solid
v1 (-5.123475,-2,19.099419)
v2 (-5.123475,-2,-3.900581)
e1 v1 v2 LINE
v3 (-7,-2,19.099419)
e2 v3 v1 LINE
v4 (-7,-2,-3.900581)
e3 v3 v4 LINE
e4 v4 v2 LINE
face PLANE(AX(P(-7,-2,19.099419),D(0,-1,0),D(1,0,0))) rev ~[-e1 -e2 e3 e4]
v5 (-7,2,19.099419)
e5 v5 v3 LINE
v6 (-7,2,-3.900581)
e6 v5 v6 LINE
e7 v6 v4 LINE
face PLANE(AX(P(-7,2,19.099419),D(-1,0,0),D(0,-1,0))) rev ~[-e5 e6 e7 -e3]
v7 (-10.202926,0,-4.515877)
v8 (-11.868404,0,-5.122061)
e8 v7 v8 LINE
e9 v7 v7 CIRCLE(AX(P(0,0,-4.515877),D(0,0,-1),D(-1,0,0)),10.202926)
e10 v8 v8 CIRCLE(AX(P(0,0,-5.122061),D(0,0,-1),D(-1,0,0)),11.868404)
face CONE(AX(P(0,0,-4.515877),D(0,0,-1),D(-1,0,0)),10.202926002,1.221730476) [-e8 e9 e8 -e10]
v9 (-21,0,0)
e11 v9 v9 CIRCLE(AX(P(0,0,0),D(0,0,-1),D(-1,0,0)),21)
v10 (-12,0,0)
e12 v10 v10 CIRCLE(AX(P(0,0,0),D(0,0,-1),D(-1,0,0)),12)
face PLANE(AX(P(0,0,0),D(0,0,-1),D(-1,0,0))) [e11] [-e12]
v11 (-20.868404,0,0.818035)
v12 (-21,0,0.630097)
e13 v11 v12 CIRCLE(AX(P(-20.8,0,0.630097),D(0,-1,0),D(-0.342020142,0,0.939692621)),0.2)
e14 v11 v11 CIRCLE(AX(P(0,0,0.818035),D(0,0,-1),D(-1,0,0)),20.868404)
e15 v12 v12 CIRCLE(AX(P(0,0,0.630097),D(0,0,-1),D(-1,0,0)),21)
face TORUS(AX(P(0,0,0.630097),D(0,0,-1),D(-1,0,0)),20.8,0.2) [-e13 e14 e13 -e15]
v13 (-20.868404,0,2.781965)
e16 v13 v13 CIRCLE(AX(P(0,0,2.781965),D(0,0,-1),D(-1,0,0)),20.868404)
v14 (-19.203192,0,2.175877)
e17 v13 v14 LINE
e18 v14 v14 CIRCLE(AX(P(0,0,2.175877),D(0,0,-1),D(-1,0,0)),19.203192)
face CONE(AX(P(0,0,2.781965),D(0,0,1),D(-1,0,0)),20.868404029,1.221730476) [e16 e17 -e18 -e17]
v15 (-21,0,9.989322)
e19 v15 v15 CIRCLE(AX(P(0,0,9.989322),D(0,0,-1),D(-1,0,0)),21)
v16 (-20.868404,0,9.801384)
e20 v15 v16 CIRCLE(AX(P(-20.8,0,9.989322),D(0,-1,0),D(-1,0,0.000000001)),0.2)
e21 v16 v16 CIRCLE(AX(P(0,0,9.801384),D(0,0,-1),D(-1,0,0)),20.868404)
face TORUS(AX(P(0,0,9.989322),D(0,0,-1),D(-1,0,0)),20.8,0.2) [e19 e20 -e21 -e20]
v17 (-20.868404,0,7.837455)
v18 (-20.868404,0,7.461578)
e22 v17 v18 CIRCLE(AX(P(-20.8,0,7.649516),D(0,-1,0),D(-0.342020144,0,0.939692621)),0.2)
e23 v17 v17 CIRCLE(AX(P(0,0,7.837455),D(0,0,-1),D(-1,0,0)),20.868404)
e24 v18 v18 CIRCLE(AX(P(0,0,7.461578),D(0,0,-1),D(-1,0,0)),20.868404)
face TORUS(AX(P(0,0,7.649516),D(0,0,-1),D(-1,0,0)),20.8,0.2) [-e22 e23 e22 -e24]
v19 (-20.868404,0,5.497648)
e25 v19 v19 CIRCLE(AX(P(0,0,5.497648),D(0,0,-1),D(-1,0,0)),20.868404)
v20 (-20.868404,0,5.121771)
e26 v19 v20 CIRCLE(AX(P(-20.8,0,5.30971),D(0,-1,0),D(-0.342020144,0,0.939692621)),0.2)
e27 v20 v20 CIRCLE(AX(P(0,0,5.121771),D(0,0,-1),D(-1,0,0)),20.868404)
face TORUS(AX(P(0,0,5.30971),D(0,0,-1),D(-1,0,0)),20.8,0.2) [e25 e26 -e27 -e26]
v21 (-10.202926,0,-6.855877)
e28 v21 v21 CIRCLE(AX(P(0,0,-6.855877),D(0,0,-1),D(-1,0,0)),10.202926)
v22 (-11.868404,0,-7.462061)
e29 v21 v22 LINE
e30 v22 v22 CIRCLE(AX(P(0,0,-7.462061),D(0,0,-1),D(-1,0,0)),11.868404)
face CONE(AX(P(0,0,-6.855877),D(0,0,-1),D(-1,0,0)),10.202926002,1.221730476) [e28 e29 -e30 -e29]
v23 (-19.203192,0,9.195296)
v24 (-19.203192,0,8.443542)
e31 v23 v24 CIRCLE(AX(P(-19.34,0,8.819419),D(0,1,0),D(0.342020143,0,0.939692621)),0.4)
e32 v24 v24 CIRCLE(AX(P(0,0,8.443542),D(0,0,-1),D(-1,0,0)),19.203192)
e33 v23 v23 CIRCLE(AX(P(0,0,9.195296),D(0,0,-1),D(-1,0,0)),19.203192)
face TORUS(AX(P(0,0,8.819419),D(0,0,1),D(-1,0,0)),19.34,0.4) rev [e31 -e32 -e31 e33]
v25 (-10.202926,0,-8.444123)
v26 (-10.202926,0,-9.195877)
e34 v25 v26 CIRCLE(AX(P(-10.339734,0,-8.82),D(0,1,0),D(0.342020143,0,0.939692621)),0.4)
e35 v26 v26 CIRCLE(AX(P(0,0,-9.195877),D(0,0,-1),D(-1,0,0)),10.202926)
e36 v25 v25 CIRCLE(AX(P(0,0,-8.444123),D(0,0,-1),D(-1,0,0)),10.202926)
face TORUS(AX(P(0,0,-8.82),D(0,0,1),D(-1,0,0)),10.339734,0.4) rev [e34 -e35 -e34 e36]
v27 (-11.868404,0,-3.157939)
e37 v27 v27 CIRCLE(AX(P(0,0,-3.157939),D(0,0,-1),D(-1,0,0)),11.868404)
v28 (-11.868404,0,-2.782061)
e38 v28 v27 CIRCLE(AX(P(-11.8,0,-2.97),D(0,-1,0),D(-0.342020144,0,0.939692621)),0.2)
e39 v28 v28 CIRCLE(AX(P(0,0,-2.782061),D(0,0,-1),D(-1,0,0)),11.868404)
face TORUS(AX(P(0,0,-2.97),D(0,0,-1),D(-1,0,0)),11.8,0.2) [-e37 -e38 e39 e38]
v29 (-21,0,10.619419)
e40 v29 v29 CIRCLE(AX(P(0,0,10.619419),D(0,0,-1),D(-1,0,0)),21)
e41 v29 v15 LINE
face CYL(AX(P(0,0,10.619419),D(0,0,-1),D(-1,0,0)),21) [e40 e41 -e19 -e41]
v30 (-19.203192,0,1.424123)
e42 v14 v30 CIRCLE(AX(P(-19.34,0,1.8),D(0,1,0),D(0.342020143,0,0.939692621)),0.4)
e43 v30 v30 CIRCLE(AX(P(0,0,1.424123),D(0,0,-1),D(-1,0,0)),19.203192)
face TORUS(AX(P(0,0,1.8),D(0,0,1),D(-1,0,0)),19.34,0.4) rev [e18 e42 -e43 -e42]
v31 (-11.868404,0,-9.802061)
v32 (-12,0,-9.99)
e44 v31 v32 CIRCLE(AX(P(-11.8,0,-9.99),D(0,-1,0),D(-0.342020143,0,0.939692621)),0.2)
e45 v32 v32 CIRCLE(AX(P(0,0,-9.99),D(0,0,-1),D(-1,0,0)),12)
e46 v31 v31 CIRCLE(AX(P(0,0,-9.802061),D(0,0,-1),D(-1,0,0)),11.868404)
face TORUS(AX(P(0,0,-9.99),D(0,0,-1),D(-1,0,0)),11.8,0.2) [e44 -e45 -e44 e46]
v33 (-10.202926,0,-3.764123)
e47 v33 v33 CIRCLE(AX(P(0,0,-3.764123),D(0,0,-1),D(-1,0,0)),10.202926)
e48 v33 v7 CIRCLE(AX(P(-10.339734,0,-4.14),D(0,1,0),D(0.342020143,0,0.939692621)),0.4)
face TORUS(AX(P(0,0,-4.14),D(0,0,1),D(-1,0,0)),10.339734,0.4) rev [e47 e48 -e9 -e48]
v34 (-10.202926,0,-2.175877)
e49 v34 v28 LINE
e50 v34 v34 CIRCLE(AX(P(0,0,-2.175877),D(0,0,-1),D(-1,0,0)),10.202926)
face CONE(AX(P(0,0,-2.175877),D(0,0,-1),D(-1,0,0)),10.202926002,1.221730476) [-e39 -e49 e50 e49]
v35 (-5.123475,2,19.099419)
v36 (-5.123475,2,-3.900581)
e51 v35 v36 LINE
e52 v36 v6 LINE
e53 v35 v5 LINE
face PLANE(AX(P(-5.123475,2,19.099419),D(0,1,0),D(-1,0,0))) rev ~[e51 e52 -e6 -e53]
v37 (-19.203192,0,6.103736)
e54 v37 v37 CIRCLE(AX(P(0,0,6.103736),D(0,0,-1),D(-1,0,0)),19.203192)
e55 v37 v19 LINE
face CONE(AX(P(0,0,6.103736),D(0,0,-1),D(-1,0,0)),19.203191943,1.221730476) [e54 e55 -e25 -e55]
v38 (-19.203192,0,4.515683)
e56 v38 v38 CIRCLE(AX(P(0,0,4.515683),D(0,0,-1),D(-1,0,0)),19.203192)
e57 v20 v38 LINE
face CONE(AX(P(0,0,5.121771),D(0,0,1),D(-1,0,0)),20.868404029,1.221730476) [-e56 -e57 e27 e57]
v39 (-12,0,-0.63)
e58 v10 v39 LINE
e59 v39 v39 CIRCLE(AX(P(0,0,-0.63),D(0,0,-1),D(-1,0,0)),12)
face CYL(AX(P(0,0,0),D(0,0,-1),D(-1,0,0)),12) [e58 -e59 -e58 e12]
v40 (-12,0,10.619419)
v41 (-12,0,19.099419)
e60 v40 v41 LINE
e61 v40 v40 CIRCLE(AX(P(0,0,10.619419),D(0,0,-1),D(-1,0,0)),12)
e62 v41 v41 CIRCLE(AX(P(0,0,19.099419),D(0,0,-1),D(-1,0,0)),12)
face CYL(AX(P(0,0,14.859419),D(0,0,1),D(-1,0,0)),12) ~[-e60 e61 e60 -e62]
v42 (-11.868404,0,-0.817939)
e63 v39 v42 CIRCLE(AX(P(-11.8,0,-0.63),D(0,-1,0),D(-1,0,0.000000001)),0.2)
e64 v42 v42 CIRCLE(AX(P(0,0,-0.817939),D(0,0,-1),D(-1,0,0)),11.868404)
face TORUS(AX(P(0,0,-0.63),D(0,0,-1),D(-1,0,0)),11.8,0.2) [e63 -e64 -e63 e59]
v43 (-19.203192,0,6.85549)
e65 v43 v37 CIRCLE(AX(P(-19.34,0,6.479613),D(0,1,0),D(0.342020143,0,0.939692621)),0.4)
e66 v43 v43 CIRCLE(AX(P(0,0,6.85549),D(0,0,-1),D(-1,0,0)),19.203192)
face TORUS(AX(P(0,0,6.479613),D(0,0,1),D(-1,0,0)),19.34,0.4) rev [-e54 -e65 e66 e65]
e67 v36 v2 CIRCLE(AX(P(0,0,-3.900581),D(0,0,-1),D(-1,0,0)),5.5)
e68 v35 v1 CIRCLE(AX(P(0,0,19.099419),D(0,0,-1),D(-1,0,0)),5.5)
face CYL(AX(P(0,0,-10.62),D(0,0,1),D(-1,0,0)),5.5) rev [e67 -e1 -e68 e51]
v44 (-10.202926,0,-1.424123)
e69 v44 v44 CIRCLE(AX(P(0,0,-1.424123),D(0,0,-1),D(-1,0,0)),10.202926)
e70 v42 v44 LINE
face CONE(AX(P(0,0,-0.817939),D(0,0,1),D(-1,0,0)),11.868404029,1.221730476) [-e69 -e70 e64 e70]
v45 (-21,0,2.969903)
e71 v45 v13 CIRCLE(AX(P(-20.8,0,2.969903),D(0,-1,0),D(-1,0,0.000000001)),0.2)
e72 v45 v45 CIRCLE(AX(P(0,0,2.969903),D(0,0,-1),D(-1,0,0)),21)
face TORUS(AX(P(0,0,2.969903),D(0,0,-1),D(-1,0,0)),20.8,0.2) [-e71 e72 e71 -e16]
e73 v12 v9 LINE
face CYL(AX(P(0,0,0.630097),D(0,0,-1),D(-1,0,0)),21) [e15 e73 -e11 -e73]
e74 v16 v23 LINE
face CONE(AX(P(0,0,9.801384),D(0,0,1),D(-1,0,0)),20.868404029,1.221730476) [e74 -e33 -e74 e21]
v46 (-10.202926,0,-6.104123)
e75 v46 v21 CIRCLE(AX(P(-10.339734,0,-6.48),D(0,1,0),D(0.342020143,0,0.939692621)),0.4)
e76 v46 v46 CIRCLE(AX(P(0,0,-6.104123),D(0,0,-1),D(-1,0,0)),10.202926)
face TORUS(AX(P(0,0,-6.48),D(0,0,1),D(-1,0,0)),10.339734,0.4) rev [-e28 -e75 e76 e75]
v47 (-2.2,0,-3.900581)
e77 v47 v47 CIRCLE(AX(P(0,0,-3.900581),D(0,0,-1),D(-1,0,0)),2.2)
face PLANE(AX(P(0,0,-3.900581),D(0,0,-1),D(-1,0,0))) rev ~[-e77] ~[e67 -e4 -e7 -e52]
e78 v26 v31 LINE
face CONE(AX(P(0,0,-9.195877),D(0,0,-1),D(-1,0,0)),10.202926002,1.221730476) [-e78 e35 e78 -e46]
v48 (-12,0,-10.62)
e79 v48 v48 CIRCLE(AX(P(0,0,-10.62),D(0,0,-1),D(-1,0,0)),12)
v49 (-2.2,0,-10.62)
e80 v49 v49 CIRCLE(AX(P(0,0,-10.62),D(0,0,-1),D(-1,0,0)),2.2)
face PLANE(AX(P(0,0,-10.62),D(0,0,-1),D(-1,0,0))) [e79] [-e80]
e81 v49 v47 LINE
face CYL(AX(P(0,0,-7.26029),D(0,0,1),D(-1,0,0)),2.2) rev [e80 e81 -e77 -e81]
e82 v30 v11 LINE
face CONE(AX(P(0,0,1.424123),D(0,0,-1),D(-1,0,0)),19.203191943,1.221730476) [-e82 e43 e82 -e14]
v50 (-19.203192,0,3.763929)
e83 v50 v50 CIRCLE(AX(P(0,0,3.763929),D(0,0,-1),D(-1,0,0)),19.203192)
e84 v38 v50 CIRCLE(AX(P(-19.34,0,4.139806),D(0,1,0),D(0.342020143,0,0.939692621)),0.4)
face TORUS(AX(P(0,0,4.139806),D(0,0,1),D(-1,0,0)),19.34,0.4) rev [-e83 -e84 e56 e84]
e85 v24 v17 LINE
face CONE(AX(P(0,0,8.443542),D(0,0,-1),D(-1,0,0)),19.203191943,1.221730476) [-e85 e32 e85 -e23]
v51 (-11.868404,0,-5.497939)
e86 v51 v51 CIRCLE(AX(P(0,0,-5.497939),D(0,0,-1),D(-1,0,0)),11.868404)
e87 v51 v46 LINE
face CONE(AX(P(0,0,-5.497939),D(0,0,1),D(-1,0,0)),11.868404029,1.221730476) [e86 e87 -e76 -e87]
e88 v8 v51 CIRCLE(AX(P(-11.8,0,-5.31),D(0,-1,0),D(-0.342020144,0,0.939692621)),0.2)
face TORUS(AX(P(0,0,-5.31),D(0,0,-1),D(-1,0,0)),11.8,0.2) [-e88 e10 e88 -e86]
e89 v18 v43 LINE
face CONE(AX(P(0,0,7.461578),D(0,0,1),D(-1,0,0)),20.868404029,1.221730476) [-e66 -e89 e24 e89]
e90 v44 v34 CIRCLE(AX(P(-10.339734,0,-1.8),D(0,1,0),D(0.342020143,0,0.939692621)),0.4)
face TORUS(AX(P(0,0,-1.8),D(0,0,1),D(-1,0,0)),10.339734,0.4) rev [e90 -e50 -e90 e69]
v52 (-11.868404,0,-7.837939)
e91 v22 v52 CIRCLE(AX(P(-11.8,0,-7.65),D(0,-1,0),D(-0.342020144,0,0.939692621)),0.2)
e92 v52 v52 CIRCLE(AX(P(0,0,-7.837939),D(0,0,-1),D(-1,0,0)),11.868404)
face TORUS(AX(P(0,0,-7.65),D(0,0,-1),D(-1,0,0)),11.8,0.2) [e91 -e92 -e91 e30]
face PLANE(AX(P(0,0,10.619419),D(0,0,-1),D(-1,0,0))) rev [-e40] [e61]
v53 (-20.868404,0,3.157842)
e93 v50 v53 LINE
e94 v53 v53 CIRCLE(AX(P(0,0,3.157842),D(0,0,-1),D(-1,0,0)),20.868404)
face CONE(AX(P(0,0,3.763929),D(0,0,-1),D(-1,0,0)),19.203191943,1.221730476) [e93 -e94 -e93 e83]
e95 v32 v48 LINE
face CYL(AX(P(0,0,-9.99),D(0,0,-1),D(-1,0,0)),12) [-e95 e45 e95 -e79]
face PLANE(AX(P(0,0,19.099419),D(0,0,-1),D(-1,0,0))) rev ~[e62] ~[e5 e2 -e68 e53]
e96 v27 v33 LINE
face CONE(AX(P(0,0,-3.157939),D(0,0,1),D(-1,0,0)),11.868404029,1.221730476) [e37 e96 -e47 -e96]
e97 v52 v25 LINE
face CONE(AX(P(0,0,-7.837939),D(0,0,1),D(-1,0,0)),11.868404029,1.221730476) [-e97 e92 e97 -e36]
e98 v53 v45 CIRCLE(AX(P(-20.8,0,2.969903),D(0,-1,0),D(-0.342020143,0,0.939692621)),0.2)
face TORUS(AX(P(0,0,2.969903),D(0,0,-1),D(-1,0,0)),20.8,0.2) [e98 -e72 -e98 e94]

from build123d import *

# Parameters (mm, degrees)
F0_W     = 6.5
F0_H     = 8.48
F0_W_2   = 3.3
F0_H_2   = 6.7194192331
F3_DEPTH = 23


with BuildPart() as f1:
    # F0 (on Front) → F1 (revolve)
    with BuildSketch(Plane.XZ):
        with BuildLine():
            Line((-12, 0), (-5.5, 0))
            Line((-5.5, 0), (-5.5, 10.6194192331))
            Line((-5.5, 10.6194192331), (-12, 10.6194192331))
            Line((-12, 10.6194192331), (-21, 10.6194192331))
            Line((-21, 10.6194192331), (-21, 9.9893224386))
            ThreePointArc((-21, 9.9893224386), (-20.9638304089, 9.8746071513), (-20.8684040287, 9.8013839144))
            Line((-20.8684040287, 9.8013839144), (-19.2031919427, 9.1952962814))
            ThreePointArc((-19.2031919427, 9.1952962814), (-18.94, 8.8194192331), (-19.2031919427, 8.4435421848))
            Line((-19.2031919427, 8.4435421848), (-20.8684040287, 7.8374545517))
            ThreePointArc((-20.8684040287, 7.8374545517), (-21, 7.6495160276), (-20.8684040287, 7.4615775034))
            Line((-20.8684040287, 7.4615775034), (-19.2031919427, 6.8554898704))
            ThreePointArc((-19.2031919427, 6.8554898704), (-18.94, 6.4796128221), (-19.2031919427, 6.1037357737))
            Line((-19.2031919427, 6.1037357737), (-20.8684040287, 5.4976481407))
            ThreePointArc((-20.8684040287, 5.4976481407), (-21, 5.3097096165), (-20.8684040287, 5.1217710924))
            Line((-20.8684040287, 5.1217710924), (-19.2031919427, 4.5156834593))
            ThreePointArc((-19.2031919427, 4.5156834593), (-18.94, 4.139806411), (-19.2031919427, 3.7639293627))
            Line((-19.2031919427, 3.7639293627), (-20.8684040287, 3.1578417297))
            ThreePointArc((-20.8684040287, 3.1578417297), (-20.9638304089, 3.0846184928), (-21, 2.9699032055))
            ThreePointArc((-21, 2.9699032055), (-20.9638304089, 2.8551879182), (-20.8684040287, 2.7819646814))
            Line((-20.8684040287, 2.7819646814), (-19.2031919427, 2.1758770483))
            ThreePointArc((-19.2031919427, 2.1758770483), (-18.94, 1.8), (-19.2031919427, 1.4241229517))
            Line((-19.2031919427, 1.4241229517), (-20.8684040287, 0.8180353186))
            ThreePointArc((-20.8684040287, 0.8180353186), (-20.9638304089, 0.7448120818), (-21, 0.6300967945))
            Line((-21, 0.6300967945), (-21, 0))
            Line((-21, 0), (-12, 0))
        make_face()
        with Locations((-8.75, 14.8594192331)):
            Rectangle(F0_W, F0_H)
        with BuildLine():
            Line((-5.5, -3.9005807669), (-5.5, 0))
            Line((-5.5, 0), (-12, 0))
            Line((-12, 0), (-12, -0.63))
            ThreePointArc((-12, -0.63), (-11.9638304089, -0.7447152873), (-11.8684040287, -0.8179385242))
            Line((-11.8684040287, -0.8179385242), (-10.202926002, -1.4241229517))
            ThreePointArc((-10.202926002, -1.4241229517), (-9.9397340593, -1.8), (-10.202926002, -2.1758770483))
            Line((-10.202926002, -2.1758770483), (-11.8684040287, -2.7820614758))
            ThreePointArc((-11.8684040287, -2.7820614758), (-12, -2.97), (-11.8684040287, -3.1579385242))
            Line((-11.8684040287, -3.1579385242), (-10.202926002, -3.7641229517))
            ThreePointArc((-10.202926002, -3.7641229517), (-9.9397340593, -4.14), (-10.202926002, -4.5158770483))
            Line((-10.202926002, -4.5158770483), (-11.8684040287, -5.1220614758))
            ThreePointArc((-11.8684040287, -5.1220614758), (-12, -5.31), (-11.8684040287, -5.4979385242))
            Line((-11.8684040287, -5.4979385242), (-10.202926002, -6.1041229517))
            ThreePointArc((-10.202926002, -6.1041229517), (-9.9397340593, -6.48), (-10.202926002, -6.8558770483))
            Line((-10.202926002, -6.8558770483), (-11.8684040287, -7.4620614758))
            ThreePointArc((-11.8684040287, -7.4620614758), (-12, -7.65), (-11.8684040287, -7.8379385242))
            Line((-11.8684040287, -7.8379385242), (-10.202926002, -8.4441229517))
            ThreePointArc((-10.202926002, -8.4441229517), (-9.9397340593, -8.82), (-10.202926002, -9.1958770483))
            Line((-10.202926002, -9.1958770483), (-11.8684040287, -9.8020614758))
            ThreePointArc((-11.8684040287, -9.8020614758), (-11.9638304089, -9.8752847127), (-12, -9.99))
            Line((-12, -9.99), (-12, -10.62))
            Line((-12, -10.62), (-5.5, -10.62))
            Line((-5.5, -10.62), (-5.5, -3.9005807669))
        make_face()
        with Locations((-3.85, -7.2602903835)):
            Rectangle(F0_W_2, F0_H_2)
    revolve(axis=Axis((0, 0, 5.3097096165), (0, 0, -1)))

    # F2 (on face) → F3 (cut)
    with BuildSketch(Plane.XY.offset(19.0994192331)):
        with BuildLine():
            Line((-7, -2), (-5.123475383, -2))
            ThreePointArc((-5.123475383, -2), (-5.4050492415, -1.0175670478), (-5.5, 0))
            Line((-5.5, 0), (-7, 0))
            Line((-7, 0), (-7, -2))
        make_face()
        with BuildLine():
            ThreePointArc((-5.5, 0), (-5.4050492415, 1.0175670478), (-5.123475383, 2))
            Line((-5.123475383, 2), (-7, 2))
            Line((-7, 2), (-7, 0))
            Line((-7, 0), (-5.5, 0))
        make_face()
    extrude(amount=-F3_DEPTH, mode=Mode.SUBTRACT)


solid = f1.part
